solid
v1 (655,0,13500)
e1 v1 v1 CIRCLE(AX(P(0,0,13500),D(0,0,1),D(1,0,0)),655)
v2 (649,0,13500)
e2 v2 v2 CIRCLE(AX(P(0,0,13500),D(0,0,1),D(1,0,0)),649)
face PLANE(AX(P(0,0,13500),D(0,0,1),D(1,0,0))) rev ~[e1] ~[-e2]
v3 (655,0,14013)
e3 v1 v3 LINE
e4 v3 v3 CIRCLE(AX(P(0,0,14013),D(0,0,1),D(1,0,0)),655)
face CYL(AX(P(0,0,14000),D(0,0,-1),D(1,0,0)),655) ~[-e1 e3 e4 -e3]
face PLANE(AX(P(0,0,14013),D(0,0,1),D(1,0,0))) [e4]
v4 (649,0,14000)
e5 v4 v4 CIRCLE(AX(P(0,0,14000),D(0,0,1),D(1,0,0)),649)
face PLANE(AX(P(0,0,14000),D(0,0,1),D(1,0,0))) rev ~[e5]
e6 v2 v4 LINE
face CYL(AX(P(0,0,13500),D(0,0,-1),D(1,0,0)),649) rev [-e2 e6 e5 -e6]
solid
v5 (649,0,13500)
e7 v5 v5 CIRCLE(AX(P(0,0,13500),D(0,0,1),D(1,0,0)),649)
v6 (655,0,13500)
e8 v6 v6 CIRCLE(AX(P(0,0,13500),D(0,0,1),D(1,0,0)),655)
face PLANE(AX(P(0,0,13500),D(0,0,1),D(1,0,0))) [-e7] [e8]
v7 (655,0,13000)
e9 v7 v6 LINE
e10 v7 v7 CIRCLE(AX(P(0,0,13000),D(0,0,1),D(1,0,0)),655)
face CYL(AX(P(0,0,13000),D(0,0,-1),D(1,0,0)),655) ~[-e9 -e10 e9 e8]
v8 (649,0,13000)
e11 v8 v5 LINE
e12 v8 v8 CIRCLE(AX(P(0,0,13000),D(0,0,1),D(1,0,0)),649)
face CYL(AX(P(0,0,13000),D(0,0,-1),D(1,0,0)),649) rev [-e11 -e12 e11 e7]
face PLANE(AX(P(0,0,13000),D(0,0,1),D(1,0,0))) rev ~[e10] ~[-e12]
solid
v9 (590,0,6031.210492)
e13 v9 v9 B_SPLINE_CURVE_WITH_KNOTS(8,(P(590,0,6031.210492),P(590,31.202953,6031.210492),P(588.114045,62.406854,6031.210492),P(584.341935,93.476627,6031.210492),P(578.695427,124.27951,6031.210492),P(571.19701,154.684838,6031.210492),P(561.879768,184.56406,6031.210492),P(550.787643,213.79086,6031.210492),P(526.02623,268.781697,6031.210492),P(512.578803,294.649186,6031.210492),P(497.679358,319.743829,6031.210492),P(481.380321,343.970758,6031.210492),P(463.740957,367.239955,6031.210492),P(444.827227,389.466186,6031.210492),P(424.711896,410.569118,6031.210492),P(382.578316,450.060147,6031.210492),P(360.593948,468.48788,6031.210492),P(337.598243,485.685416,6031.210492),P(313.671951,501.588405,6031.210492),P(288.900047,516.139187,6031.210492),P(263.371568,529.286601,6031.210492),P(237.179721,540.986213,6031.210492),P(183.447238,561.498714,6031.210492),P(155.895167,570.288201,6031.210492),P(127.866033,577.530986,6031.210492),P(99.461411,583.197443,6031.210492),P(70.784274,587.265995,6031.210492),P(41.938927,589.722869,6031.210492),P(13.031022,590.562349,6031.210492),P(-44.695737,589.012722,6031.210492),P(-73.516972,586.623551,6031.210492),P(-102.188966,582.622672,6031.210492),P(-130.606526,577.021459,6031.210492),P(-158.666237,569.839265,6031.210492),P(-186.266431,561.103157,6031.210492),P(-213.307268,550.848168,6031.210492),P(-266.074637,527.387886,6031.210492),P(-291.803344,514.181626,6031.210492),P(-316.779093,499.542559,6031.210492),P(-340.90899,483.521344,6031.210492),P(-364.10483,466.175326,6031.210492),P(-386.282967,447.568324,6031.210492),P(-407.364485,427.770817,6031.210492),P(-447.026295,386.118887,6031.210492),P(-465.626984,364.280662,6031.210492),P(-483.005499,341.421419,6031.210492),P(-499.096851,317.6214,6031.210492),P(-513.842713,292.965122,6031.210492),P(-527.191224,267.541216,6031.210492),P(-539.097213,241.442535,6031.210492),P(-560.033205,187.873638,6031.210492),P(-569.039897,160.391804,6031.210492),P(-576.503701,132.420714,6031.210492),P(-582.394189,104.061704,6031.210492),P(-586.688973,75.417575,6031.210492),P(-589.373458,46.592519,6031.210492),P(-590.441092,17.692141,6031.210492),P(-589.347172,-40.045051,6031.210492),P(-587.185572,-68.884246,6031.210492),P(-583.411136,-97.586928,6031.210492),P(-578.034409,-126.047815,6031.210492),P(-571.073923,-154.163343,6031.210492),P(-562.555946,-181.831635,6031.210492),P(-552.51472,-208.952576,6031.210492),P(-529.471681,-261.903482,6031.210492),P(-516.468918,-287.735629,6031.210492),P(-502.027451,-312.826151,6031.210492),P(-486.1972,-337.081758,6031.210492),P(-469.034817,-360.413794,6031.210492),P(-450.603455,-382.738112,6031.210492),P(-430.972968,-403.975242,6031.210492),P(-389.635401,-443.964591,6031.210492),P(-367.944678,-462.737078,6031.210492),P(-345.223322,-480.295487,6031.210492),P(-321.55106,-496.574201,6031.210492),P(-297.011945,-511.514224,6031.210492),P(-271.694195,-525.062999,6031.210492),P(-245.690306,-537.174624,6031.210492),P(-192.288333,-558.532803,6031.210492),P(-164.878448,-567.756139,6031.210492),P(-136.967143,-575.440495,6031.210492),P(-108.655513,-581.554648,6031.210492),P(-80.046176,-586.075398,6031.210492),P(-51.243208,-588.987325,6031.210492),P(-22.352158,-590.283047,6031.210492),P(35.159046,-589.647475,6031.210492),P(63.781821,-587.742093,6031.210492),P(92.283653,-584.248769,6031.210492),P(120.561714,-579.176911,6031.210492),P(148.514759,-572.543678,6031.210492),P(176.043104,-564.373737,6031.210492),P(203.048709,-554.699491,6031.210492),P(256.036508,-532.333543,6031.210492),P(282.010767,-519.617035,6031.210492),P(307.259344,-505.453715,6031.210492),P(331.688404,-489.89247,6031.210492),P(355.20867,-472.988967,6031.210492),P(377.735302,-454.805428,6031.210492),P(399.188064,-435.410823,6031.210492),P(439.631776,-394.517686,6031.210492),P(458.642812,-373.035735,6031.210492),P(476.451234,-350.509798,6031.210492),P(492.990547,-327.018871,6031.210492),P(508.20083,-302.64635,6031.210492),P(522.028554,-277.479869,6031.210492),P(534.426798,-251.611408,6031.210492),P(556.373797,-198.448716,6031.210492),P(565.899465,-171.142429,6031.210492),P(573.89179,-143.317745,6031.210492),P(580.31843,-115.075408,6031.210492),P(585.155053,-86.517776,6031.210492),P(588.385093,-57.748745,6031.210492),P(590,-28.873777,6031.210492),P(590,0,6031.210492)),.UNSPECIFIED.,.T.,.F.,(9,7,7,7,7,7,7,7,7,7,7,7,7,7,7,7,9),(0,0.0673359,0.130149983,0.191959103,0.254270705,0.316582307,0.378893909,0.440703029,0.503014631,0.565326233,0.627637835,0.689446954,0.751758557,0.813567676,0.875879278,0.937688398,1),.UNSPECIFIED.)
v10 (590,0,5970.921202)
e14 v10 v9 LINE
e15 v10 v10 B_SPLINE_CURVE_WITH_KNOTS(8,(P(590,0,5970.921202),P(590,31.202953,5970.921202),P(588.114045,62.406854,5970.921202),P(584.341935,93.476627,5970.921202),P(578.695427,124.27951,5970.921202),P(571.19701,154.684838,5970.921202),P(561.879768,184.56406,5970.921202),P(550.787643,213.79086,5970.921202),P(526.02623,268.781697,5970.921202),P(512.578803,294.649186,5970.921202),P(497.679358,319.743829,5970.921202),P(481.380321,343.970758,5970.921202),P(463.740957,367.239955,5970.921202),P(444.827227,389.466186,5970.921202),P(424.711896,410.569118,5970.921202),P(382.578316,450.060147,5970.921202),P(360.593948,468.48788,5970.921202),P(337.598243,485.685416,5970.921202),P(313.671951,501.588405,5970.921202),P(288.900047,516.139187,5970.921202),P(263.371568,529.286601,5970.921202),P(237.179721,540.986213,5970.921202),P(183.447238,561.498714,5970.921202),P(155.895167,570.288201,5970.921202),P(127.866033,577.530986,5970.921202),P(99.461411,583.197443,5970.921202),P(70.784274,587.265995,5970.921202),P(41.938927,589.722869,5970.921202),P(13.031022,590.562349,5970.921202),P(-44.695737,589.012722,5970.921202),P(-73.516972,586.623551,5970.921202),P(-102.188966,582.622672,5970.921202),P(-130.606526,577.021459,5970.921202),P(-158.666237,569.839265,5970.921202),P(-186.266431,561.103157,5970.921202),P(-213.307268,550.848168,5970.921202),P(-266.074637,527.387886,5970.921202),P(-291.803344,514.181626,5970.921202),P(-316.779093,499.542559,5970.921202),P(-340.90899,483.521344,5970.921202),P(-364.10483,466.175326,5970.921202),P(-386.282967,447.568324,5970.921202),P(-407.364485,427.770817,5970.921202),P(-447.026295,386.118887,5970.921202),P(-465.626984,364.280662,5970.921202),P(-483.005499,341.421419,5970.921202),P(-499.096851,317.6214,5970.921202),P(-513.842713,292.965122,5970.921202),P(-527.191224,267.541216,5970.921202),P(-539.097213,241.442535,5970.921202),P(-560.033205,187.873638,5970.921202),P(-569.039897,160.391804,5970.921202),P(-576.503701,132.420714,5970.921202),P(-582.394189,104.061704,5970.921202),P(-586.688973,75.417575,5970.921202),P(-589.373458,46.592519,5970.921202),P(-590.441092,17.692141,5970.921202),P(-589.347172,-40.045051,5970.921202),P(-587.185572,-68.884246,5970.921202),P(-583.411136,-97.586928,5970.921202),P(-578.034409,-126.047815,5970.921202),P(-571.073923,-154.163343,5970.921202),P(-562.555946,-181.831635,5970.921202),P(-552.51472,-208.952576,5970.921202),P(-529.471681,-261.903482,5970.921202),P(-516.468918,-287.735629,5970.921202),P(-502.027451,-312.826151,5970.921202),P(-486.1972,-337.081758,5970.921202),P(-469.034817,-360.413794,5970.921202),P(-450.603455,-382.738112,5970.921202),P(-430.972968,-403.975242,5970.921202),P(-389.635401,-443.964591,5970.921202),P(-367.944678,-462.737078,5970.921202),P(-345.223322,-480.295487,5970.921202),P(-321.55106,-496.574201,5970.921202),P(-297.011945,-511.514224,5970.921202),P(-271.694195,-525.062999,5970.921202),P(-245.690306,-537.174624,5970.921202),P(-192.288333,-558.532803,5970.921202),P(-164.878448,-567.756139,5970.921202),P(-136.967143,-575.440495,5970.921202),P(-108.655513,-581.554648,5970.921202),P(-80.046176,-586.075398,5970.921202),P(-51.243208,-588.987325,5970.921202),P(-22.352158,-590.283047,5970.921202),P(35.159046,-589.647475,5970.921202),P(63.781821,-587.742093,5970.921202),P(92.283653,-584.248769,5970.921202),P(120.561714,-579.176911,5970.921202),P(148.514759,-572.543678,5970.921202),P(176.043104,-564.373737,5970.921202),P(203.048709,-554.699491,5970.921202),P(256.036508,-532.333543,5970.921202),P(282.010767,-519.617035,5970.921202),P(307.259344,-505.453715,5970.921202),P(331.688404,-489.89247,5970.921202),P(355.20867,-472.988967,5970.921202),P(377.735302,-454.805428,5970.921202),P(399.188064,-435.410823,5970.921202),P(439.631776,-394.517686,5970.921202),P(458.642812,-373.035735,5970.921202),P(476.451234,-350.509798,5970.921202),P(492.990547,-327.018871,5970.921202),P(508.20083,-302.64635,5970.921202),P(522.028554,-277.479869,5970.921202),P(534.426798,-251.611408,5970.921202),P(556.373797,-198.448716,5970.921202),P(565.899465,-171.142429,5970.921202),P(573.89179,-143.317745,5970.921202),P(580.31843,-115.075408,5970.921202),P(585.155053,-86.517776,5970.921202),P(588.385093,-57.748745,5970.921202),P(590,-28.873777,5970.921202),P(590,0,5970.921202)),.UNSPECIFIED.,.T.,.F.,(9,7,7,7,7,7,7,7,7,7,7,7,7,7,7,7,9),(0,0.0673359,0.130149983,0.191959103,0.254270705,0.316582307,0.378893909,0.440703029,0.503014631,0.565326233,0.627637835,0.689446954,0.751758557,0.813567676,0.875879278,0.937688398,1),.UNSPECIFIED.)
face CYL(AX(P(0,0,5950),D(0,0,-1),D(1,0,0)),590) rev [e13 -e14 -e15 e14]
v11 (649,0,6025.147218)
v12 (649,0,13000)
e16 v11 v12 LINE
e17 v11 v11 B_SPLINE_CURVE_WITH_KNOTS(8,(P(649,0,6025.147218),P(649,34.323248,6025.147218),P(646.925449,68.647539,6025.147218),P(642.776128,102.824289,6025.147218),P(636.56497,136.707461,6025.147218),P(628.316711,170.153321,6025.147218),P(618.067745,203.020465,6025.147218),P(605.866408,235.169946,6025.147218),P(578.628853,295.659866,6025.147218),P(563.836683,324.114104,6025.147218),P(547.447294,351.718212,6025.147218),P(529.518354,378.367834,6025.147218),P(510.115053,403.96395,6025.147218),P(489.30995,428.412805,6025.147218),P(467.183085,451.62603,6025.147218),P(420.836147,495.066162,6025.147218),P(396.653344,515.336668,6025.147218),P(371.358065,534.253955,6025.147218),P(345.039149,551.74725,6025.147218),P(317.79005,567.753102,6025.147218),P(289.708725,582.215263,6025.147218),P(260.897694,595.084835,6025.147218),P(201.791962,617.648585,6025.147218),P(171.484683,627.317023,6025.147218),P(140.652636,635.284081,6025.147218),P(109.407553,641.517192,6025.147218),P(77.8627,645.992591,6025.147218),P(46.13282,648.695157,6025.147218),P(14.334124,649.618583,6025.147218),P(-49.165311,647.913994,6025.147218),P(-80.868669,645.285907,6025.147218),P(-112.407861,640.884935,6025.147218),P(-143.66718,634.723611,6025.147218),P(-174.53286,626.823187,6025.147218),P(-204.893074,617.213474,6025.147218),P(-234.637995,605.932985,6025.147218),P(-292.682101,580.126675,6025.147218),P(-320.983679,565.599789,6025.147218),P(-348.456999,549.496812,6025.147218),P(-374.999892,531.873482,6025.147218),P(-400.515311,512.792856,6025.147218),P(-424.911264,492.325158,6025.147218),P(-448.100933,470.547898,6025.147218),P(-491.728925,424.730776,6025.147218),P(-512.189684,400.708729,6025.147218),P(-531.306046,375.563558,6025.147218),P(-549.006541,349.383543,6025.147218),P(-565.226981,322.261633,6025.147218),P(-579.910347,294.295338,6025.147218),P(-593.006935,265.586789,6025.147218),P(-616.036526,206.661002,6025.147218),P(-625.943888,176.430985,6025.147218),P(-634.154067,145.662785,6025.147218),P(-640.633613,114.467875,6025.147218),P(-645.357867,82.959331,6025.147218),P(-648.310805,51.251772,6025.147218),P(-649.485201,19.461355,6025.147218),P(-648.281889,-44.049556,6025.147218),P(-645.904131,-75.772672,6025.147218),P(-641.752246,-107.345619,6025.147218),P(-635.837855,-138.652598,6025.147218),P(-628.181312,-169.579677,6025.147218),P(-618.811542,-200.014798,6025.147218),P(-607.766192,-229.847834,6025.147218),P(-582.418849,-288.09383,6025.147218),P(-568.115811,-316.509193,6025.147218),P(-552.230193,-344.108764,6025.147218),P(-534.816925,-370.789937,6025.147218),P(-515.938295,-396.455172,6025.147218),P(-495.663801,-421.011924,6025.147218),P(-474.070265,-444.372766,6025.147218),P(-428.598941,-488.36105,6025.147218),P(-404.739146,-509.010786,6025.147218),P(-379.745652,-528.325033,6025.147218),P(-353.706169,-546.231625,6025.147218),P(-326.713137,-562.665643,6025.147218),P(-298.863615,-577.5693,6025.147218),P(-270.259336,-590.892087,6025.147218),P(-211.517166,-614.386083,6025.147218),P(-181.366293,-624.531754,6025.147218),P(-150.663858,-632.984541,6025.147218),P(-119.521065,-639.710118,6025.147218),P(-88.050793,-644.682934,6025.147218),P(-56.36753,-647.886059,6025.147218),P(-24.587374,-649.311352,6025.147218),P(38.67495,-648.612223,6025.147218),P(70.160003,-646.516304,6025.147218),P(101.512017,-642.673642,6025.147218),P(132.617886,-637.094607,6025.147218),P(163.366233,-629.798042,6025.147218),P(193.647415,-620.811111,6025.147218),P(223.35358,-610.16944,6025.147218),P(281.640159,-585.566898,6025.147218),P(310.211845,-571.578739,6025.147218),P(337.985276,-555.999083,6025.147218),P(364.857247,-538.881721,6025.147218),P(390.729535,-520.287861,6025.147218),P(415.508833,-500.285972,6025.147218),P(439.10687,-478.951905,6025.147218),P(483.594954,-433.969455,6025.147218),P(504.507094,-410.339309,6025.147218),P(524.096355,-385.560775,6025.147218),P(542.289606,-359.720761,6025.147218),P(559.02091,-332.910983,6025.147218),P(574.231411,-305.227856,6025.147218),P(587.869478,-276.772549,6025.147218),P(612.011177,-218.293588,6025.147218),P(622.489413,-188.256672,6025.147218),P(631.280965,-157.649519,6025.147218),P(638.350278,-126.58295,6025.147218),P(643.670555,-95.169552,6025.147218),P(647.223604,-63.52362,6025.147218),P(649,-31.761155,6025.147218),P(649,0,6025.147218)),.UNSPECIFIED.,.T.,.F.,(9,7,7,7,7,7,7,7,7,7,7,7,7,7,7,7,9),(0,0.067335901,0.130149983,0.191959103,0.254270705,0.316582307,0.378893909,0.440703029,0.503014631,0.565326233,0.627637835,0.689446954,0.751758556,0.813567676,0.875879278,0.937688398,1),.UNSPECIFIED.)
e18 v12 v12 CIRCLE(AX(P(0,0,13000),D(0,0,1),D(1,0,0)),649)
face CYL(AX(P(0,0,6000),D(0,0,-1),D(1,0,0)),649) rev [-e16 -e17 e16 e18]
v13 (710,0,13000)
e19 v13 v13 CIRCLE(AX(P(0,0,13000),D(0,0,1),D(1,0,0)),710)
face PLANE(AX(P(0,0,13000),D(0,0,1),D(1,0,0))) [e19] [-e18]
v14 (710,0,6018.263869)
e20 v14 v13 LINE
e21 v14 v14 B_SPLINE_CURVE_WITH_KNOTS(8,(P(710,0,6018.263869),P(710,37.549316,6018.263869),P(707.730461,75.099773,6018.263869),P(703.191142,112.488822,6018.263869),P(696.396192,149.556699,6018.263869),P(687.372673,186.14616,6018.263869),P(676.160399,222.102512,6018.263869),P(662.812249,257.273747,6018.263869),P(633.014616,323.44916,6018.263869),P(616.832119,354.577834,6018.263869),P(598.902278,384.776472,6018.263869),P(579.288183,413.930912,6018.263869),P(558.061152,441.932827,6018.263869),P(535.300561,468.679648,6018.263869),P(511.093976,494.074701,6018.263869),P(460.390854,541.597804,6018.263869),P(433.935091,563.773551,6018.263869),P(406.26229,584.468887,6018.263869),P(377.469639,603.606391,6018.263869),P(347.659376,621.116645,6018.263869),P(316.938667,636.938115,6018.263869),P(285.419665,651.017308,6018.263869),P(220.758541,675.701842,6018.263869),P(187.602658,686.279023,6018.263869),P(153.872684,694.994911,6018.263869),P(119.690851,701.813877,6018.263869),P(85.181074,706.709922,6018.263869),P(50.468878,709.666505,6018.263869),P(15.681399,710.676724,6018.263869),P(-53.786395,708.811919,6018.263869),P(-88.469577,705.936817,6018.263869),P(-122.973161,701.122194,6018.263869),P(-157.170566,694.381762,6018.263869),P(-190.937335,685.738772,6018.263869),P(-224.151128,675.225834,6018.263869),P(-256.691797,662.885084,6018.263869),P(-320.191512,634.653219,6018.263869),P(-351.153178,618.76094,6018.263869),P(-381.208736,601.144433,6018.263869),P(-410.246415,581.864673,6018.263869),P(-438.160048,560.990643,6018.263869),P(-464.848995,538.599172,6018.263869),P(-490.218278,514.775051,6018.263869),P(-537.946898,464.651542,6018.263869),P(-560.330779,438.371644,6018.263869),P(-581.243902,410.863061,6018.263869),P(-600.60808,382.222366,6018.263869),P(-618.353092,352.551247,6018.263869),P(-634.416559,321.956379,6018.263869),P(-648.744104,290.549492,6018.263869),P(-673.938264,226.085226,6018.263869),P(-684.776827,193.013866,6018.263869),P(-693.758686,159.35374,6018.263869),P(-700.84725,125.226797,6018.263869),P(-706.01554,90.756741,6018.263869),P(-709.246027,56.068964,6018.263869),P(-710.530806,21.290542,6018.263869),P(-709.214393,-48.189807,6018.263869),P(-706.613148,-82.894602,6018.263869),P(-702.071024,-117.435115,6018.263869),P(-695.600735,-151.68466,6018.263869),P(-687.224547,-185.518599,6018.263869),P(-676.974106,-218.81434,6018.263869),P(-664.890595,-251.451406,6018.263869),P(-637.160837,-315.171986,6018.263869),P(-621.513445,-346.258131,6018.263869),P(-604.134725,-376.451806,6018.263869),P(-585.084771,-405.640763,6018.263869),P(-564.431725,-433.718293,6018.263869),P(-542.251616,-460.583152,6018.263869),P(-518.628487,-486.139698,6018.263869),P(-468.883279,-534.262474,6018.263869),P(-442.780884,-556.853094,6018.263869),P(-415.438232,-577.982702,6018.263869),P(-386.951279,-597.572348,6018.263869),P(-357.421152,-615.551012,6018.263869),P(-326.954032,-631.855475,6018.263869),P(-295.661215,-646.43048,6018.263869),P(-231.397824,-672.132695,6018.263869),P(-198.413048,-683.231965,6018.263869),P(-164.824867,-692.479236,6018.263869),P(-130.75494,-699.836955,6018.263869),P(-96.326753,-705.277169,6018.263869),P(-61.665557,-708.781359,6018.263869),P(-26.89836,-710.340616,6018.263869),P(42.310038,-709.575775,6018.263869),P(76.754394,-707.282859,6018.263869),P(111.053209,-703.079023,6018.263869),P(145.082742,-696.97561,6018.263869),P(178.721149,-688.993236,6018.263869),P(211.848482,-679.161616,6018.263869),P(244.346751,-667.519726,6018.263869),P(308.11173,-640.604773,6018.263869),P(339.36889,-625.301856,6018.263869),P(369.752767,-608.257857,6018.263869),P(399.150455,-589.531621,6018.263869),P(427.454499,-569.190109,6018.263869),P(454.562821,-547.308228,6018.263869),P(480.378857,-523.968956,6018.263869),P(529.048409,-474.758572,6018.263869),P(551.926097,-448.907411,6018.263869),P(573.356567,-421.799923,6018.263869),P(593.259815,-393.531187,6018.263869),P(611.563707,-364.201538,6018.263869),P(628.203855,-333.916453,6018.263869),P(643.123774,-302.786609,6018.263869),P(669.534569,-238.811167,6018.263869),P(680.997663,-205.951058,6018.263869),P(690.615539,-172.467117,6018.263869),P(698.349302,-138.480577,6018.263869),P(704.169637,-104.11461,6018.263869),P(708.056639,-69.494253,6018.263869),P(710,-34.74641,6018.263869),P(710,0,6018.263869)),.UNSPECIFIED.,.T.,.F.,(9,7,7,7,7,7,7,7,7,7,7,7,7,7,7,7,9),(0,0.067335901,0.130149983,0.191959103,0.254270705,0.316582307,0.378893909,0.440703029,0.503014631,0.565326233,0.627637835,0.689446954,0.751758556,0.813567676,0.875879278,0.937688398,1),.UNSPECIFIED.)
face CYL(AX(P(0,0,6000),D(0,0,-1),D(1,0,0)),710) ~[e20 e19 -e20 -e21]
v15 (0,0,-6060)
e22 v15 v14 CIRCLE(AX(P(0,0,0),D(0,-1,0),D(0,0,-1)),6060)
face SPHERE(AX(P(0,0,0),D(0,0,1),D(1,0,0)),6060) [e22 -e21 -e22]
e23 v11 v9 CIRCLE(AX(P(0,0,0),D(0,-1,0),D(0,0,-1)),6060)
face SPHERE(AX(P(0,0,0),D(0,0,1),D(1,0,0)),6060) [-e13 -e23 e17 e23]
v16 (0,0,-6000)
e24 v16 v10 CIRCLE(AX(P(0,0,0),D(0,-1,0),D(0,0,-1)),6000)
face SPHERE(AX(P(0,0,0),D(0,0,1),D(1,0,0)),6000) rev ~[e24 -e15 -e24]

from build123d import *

# Parameters (mm, degrees)
TUBE_R            = 710
TUBE_R_2          = 649
TUBE_DEPTH        = 7000
CYLINDER_R        = 590
CYLINDER_DEPTH    = 1000
TUBE001_R         = 655
TUBE001_R_2       = 649
TUBE001_DEPTH     = 500
CYLINDER001_R     = 655
CYLINDER001_DEPTH = 13
TUBE002_R         = 655
TUBE002_R_2       = 649
TUBE002_DEPTH     = 500


with BuildPart() as tube:
    # Tube → Tube (new body)
    with BuildSketch(Plane.XY.offset(6000)):
        Circle(TUBE_R)
        Circle(TUBE_R_2, mode=Mode.SUBTRACT)
    extrude(amount=TUBE_DEPTH)


with BuildPart() as cylinder:
    # Cylinder → Cylinder (new body)
    with BuildSketch(Plane.XY.offset(5950)):
        Circle(CYLINDER_R)
    extrude(amount=CYLINDER_DEPTH)


with BuildPart() as sphere:
    # Sphere → Sphere (revolve)
    with BuildSketch(Plane.XZ):
        with BuildLine():
            ThreePointArc((0, -6000), (6000, 0), (0, 6000))
            Line((0, 6000), (0, -6000))
        make_face()
    revolve(axis=Axis((0, 0, 0), (0, 0, 1)))


with BuildPart() as fusion:
    # Sphere001 → Sphere001 (revolve)
    with BuildSketch(Plane.XZ):
        with BuildLine():
            ThreePointArc((0, -6060), (6060, 0), (0, 6060))
            Line((0, 6060), (0, -6060))
        make_face()
    revolve(axis=Axis((0, 0, 0), (0, 0, 1)))

    # Cut: cut Sphere
    add(sphere.part, mode=Mode.SUBTRACT)

    # Cut001: cut Cylinder
    add(cylinder.part, mode=Mode.SUBTRACT)

    # Fusion: union Tube
    add(tube.part)


with BuildPart() as tube001:
    # Tube001 → Tube001 (new body)
    with BuildSketch(Plane.XY.offset(13000)):
        Circle(TUBE001_R)
        Circle(TUBE001_R_2, mode=Mode.SUBTRACT)
    extrude(amount=TUBE001_DEPTH)


with BuildPart() as cylinder001:
    # Cylinder001 → Cylinder001 (new body)
    with BuildSketch(Plane.XY.offset(14000)):
        Circle(CYLINDER001_R)
    extrude(amount=CYLINDER001_DEPTH)


with BuildPart() as fusion001:
    # Tube002 → Tube002 (new body)
    with BuildSketch(Plane.XY.offset(13500)):
        Circle(TUBE002_R)
        Circle(TUBE002_R_2, mode=Mode.SUBTRACT)
    extrude(amount=TUBE002_DEPTH)

    # Fusion001: union Cylinder001
    add(cylinder001.part)


solid = Compound([fusion.part, tube001.part, fusion001.part])
